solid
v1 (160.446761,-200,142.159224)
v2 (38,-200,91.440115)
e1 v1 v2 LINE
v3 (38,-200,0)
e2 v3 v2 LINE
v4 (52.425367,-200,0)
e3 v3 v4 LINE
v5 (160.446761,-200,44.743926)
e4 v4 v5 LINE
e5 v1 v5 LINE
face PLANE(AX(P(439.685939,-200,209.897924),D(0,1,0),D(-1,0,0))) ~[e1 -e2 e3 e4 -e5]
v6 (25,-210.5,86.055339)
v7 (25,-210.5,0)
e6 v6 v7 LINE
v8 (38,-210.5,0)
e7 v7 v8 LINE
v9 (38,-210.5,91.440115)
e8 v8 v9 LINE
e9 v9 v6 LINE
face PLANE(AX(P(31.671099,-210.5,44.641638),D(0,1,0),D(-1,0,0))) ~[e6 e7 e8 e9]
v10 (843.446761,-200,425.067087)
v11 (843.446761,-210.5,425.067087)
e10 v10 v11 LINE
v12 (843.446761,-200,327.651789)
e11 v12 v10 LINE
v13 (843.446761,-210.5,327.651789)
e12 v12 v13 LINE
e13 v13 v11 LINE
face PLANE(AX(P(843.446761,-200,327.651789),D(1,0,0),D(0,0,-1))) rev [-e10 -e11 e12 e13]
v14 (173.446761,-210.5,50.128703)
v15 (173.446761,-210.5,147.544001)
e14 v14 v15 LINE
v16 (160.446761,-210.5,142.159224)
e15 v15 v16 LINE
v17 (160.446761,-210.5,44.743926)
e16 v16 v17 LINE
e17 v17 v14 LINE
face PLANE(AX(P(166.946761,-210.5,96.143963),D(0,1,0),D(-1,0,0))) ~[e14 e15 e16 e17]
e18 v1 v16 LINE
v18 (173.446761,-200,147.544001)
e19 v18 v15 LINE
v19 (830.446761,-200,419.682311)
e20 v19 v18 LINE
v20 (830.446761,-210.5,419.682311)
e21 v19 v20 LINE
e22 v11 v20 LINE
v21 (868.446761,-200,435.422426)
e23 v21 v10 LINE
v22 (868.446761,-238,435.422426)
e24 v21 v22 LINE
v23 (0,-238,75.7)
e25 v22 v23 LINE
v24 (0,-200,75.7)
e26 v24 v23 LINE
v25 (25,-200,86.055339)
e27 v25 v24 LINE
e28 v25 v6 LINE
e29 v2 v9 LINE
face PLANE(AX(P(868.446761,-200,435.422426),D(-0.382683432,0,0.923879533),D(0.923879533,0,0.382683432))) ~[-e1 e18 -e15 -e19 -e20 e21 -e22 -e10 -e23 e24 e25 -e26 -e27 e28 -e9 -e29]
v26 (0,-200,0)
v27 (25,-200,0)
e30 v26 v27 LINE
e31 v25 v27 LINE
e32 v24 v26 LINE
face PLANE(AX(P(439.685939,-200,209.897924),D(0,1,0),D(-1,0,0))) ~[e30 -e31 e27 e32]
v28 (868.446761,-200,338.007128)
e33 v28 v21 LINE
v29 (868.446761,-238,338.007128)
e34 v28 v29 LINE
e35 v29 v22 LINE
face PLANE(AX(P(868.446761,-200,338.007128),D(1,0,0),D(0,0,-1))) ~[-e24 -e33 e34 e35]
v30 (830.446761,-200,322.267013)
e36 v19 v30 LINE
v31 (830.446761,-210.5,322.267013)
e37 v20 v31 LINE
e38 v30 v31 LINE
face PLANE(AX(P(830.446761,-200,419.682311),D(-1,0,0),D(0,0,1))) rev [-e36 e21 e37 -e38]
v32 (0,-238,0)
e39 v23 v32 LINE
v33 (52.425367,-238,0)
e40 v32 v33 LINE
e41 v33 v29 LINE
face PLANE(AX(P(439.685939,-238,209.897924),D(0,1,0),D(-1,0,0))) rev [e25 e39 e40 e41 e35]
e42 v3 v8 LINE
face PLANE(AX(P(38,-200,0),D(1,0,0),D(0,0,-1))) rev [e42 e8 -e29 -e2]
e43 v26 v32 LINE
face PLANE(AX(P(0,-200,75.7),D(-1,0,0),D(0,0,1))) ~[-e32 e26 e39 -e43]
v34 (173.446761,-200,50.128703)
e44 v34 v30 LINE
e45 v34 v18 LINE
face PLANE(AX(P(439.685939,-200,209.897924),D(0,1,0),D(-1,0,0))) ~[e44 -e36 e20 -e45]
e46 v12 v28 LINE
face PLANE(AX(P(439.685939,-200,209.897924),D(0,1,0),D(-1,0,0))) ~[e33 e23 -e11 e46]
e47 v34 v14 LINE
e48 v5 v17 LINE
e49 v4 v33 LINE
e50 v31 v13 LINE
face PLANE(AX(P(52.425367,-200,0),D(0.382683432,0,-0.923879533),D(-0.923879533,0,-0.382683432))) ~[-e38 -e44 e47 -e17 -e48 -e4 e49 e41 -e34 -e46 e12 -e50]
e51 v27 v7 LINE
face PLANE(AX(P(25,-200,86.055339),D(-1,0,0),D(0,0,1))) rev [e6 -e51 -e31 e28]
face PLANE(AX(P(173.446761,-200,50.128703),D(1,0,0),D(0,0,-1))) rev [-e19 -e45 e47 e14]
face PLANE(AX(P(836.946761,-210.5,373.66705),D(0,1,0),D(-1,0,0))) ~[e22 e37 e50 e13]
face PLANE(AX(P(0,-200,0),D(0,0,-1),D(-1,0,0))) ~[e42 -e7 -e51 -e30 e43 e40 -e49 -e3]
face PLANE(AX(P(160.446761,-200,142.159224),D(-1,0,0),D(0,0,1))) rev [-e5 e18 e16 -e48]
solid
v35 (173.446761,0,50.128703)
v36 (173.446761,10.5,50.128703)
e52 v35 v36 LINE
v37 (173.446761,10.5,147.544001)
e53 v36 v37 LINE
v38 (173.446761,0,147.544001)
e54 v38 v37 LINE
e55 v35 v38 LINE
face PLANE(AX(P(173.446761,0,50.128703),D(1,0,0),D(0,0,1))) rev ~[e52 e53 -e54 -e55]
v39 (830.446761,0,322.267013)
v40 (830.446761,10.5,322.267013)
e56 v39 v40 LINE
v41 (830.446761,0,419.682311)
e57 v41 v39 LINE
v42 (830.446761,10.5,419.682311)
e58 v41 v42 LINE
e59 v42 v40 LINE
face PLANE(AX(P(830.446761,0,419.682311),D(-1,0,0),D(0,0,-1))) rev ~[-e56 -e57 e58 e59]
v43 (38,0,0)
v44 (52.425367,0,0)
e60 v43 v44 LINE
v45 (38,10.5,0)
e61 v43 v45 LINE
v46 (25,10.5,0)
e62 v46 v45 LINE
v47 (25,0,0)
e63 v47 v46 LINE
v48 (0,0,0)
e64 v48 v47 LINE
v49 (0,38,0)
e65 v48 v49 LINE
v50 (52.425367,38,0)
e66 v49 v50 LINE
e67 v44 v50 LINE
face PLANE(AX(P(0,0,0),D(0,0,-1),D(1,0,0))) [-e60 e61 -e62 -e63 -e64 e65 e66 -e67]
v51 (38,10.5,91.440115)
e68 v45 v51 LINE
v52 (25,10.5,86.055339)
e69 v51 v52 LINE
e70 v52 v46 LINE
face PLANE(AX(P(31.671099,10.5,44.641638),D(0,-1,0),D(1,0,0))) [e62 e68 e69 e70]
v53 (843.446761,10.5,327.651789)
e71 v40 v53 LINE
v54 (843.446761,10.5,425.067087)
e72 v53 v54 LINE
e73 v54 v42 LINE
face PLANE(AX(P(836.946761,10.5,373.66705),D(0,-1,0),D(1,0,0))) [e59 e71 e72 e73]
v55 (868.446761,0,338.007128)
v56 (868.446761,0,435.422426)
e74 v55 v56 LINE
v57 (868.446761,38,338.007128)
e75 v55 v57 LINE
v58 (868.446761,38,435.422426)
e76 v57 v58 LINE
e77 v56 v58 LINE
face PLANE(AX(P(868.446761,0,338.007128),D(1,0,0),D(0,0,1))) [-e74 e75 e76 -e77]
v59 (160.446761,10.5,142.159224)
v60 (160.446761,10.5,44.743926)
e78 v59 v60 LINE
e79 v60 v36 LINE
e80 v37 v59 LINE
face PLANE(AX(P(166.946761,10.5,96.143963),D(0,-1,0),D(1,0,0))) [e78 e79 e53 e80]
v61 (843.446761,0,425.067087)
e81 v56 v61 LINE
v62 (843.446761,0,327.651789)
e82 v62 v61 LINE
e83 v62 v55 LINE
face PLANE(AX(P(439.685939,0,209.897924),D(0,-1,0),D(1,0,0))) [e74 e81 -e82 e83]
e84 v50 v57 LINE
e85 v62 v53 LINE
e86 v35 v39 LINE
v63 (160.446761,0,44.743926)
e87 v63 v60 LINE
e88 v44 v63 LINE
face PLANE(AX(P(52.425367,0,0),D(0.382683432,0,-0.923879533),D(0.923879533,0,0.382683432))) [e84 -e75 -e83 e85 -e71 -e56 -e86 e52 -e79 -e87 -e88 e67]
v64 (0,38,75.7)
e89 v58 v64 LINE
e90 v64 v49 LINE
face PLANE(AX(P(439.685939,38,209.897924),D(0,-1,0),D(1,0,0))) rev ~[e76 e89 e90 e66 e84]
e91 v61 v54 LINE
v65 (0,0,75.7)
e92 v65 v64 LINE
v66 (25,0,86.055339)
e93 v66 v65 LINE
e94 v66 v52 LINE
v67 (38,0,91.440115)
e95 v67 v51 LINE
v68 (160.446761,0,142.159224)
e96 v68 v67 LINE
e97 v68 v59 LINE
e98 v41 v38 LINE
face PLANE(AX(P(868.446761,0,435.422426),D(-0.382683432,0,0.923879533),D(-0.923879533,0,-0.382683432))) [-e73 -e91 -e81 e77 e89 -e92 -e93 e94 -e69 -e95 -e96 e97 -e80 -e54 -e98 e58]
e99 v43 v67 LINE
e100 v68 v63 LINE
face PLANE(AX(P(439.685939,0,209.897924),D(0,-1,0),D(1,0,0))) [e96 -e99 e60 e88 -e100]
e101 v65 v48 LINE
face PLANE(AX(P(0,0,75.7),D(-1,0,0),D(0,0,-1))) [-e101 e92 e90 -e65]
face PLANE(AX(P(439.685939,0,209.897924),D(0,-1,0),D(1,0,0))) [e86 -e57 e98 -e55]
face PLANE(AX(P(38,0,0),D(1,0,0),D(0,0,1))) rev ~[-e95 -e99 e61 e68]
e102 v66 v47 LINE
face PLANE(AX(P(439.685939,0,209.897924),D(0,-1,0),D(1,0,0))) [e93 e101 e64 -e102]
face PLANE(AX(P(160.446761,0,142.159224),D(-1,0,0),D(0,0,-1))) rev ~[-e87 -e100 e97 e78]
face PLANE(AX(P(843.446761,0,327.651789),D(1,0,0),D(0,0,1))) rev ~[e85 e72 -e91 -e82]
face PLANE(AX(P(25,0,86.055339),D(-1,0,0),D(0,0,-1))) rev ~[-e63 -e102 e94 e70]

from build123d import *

# Parameters (mm, degrees)
F1_DEPTH = 38
F3_DEPTH = 10.5


with BuildPart() as f1:
    # F0 (on Front) → F1 (new body)
    with BuildSketch(Plane.XZ):
        Polygon((0, 75.7), (0, 0), (52.4253670061, 0), (868.4467605606, 338.0071283969), (868.4467605606, 435.4224264232), align=None)
    extrude(amount=-F1_DEPTH)

    # F2 (on face) → F3 (cut)
    with BuildSketch(Plane.XZ):
        Polygon((843.4467605606, 425.0670873639), (830.4467605606, 419.682311053), (830.4467605606, 322.2670130267), (843.4467605606, 327.6517893375), align=None)
        Polygon((173.4467605606, 50.1287025476), (173.4467605606, 147.5440005739), (160.4467605606, 142.159224263), (160.4467605606, 44.7439262367), align=None)
        Polygon((25, 0), (38, 0), (38, 91.4401153702), (25, 86.0553390593), align=None)
    extrude(amount=-F3_DEPTH, mode=Mode.SUBTRACT)


with BuildPart() as f5_1:
    # F5: instance of F1
    add(f1.part.mirror(Plane(origin=(501.9467605606, -100, 234.9055068003), x_dir=(1, 0, 0), z_dir=(0, -1, 0))))


solid = Compound([f1.part, f5_1.part])
